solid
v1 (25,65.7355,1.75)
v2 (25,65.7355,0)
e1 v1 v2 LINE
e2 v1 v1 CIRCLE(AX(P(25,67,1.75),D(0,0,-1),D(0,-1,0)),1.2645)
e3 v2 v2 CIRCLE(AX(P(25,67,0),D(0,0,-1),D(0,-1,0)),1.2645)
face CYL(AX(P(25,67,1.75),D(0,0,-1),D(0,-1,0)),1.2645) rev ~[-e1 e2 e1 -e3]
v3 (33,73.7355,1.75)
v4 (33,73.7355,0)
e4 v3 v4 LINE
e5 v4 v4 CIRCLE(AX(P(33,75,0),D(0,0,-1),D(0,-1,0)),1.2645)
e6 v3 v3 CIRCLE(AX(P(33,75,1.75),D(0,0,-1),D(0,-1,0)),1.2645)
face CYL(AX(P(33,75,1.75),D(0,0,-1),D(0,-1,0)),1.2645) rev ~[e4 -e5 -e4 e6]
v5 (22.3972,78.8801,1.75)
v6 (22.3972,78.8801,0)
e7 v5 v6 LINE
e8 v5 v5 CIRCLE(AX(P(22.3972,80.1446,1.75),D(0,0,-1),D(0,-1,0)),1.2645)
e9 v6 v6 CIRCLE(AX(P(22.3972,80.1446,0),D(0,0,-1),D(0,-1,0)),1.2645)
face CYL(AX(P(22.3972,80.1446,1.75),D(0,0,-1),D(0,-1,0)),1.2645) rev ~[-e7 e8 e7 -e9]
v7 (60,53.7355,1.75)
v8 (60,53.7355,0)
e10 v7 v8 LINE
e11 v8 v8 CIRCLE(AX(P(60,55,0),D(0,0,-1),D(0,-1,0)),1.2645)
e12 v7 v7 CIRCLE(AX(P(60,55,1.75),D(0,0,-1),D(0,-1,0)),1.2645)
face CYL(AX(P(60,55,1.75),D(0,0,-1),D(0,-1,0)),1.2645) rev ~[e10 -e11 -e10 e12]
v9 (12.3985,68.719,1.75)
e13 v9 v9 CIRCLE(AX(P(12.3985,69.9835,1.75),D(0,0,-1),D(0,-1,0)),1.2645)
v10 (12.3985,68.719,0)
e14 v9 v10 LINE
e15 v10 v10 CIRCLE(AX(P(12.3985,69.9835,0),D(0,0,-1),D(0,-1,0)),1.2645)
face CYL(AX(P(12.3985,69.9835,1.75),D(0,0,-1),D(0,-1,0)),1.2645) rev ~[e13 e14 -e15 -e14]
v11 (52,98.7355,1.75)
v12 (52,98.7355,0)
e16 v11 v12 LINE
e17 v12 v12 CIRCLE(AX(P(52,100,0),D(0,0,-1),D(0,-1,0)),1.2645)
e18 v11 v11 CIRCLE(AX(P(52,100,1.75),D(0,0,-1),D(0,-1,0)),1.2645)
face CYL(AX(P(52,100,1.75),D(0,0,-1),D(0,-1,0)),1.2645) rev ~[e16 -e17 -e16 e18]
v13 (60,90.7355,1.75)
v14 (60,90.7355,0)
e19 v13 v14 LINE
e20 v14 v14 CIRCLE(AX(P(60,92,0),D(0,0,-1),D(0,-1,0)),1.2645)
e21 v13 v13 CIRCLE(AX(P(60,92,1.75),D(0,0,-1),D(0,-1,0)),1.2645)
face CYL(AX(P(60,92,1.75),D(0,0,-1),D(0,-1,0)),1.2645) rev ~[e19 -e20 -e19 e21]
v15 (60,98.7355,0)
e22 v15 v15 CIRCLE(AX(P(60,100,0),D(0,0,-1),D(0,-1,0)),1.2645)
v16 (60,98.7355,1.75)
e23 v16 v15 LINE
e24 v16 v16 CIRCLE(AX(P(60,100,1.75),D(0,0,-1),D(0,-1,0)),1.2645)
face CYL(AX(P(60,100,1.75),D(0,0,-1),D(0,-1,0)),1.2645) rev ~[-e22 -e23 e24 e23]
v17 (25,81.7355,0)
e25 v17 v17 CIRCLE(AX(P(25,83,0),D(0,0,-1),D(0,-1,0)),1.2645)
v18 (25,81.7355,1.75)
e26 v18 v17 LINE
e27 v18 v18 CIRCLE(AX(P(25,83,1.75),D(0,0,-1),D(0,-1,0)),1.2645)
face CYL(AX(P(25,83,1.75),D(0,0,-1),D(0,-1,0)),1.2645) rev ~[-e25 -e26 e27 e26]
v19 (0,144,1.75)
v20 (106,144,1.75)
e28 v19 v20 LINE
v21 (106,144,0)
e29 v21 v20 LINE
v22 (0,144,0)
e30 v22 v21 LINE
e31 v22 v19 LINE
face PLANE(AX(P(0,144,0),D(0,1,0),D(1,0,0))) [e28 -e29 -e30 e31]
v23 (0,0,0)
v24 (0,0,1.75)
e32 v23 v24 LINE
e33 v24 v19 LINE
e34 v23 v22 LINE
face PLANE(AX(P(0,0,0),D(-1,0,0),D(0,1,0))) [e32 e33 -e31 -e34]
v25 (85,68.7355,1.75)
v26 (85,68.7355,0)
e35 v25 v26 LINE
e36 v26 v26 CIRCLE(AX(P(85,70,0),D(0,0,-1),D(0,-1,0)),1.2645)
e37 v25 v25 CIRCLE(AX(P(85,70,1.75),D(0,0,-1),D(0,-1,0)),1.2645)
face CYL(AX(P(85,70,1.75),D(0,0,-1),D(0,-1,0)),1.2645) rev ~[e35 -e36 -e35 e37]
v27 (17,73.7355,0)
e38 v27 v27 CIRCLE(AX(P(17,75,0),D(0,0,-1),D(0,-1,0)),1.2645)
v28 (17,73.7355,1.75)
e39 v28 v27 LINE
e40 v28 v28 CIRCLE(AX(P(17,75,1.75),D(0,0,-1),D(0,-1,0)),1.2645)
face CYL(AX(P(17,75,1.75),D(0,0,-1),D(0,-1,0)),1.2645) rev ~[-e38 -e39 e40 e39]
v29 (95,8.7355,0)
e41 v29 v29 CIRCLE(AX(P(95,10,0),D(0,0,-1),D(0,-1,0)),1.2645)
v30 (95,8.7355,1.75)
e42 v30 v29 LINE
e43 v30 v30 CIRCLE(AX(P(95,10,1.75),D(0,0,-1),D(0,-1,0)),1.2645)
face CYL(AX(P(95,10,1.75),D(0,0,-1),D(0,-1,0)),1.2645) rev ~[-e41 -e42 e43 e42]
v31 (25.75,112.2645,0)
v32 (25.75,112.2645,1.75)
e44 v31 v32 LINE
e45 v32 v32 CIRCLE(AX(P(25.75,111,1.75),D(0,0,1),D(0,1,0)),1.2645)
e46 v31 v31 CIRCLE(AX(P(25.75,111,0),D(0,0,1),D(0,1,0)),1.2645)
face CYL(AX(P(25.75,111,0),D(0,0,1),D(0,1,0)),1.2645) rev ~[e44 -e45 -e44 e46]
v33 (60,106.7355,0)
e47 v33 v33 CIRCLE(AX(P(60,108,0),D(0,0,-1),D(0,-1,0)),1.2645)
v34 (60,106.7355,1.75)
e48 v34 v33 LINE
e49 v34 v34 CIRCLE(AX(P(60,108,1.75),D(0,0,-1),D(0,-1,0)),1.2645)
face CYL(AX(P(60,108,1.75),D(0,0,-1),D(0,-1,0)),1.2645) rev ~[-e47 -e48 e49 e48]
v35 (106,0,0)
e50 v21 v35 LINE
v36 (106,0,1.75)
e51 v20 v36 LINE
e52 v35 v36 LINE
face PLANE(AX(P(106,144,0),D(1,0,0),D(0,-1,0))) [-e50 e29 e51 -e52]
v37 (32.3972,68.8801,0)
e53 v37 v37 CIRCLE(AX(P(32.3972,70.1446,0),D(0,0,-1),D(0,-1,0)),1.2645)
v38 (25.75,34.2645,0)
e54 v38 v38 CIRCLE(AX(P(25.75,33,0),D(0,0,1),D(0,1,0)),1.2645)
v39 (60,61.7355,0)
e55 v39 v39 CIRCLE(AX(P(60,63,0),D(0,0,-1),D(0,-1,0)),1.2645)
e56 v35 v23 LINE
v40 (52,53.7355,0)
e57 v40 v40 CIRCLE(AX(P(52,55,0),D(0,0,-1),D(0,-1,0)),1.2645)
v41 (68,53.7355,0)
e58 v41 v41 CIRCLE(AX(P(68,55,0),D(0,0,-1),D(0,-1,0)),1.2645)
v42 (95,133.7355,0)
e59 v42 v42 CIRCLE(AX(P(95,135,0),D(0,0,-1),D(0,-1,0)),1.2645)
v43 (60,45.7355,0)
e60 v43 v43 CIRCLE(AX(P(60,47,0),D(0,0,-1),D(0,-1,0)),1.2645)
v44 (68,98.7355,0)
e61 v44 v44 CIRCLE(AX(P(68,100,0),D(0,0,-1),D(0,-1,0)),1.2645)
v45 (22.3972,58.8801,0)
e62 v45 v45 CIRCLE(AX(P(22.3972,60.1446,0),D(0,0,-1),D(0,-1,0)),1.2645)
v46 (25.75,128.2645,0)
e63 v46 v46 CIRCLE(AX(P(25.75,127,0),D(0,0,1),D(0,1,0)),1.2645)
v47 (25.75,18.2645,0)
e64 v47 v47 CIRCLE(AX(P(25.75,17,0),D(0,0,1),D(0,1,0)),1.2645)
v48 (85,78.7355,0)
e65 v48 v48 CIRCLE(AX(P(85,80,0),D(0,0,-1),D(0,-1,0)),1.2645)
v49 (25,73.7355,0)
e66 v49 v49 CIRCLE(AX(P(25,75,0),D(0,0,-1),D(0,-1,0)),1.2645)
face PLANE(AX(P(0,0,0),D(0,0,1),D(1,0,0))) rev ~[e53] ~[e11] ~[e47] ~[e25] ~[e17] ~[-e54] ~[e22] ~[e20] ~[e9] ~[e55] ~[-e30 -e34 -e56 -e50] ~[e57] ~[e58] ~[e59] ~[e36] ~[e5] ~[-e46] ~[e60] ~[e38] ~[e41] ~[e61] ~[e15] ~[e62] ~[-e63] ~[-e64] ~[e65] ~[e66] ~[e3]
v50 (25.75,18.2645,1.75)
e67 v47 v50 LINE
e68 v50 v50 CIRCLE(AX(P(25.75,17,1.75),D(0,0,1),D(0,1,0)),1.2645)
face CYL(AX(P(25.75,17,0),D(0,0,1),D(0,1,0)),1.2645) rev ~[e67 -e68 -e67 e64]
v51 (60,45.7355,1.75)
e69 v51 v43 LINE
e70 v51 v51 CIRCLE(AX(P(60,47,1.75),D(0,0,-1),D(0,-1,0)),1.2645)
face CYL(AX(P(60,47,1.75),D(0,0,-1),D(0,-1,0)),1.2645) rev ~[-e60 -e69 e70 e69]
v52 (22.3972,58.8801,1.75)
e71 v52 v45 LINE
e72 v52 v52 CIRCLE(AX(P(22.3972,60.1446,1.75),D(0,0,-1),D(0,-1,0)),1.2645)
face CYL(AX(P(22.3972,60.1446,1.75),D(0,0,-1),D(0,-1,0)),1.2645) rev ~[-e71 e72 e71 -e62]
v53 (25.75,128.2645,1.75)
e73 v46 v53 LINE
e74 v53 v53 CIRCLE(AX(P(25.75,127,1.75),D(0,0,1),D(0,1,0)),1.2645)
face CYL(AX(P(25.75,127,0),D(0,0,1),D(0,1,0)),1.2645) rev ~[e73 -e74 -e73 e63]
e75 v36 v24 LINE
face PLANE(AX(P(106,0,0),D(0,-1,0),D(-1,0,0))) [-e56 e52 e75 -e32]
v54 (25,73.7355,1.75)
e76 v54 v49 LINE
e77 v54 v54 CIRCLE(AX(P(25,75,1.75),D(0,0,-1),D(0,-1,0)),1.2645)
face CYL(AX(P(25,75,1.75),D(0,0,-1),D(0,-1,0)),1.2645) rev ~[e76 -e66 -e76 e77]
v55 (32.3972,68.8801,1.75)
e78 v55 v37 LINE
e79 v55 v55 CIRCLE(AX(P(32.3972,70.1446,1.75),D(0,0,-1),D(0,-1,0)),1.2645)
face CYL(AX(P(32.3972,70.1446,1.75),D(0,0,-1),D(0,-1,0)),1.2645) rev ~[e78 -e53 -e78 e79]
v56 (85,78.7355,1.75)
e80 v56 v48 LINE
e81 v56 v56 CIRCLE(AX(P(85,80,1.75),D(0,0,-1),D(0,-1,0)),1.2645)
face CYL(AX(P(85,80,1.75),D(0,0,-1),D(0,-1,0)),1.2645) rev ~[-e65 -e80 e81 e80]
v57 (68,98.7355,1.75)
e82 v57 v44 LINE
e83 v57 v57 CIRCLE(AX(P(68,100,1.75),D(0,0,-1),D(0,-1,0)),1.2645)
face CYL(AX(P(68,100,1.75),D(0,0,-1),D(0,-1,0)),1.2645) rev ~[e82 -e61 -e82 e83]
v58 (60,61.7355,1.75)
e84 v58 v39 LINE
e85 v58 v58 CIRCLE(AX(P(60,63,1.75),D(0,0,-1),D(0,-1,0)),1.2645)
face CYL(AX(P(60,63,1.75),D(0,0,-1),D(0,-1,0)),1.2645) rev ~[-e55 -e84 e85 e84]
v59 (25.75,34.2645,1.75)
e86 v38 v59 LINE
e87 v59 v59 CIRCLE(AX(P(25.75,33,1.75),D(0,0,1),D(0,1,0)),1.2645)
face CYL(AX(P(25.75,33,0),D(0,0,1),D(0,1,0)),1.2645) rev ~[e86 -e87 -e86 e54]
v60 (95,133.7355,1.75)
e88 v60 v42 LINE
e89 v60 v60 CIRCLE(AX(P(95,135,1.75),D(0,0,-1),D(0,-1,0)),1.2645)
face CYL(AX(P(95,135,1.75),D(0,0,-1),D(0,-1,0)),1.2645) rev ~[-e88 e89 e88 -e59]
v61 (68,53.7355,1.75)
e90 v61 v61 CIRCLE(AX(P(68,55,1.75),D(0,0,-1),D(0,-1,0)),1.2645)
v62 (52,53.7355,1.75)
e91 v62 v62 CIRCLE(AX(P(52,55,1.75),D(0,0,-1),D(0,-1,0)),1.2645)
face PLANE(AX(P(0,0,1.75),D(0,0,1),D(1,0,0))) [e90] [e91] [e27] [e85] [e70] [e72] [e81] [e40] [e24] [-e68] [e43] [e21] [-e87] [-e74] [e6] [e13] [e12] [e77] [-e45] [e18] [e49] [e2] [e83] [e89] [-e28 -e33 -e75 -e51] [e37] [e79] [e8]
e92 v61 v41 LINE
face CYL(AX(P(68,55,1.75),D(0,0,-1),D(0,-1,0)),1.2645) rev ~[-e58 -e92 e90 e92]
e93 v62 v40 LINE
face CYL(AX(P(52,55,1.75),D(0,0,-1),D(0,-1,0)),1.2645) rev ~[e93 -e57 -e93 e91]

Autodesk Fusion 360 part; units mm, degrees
sketch "草图1" plane through (0, 0, 0) normal (0, 0, 1) x (1, 0, 0)
  line L0 (0, 144) -> (106, 144)
  line L1 (106, 144) -> (106, 0)
  line L2 (106, 0) -> (0, 0)
  line L3 (0, 0) -> (0, 144)
  point P0 (25.75, 144)
  point P1 (25.75, 127)
  point P2 (25.75, 111)
  point P3 (25.75, 17)
  point P4 (25.75, 33)
  dimension "d1" = 144
  dimension "d2" = 106
  dimension "d11" = 25.75
  dimension "d12" = 17
  dimension "d13" = 16
  dimension "d15" = 16
extrude "拉伸1" add sketch "草图1" along normal blind 1.75
sketch "草图3" plane through (0, 0, 1.75) normal (0, 0, 1) x (-1, 0, 0)
  line L0 (0, 0) -> (-106, 0)
  line L1 (-106, 0) -> (-106, -144)
  line L2 (-106, -144) -> (0, -144)
  line L3 (0, -144) -> (0, 0)
hole "孔2" at (25.75, 127, 0) at (25.75, 111, 0) at (25.75, 33, 0) at (25.75, 17, 0) direction (0, 0, 1) diameter 2.529 depth 20 tip angle 118
sketch "草图4" plane through (0, 0, 1.75) normal (0, 0, 1) x (1, 0, 0)
  circle A0 centre (60, 100) radius 8
  circle A1 centre (60, 55) radius 8
  point P0 (60, 108)
  point P1 (52, 100)
  point P2 (60, 92)
  point P3 (68, 100)
  point P4 (60, 63)
  point P5 (52, 55)
  point P6 (68, 55)
  point P7 (60, 47)
  point P8 (85, 80)
  point P9 (85, 70)
  dimension "d21" = 16
  dimension "d22" = 16
hole "孔3" at (60, 108, 1.75) at (68, 100, 1.75) at (52, 100, 1.75) at (60, 92, 1.75) at (60, 100, 1.75) at (85, 80, 1.75) at (85, 70, 1.75) at (60, 55, 1.75) at (52, 55, 1.75) at (60, 63, 1.75) at (68, 55, 1.75) at (60, 47, 1.75) direction (0, 0, -1) diameter 2.529 depth 15 tip angle 118
sketch "草图5" plane through (0, 0, 1.75) normal (0, 0, 1) x (1, 0, 0)
  point P0 (95, 10)
  point P1 (95, 135)
hole "孔4" at (95, 135, 1.75) at (95, 10, 1.75) direction (0, 0, -1) diameter 2.529 depth 15 tip angle 118
sketch "草图6" plane through (0, 0, 1.75) normal (0, 0, 1) x (1, 0, 0)
  circle A0 centre (25, 75) radius 8
  point P0 (25, 67)
  point P1 (33, 75)
  point P2 (17, 75)
  point P3 (17, 75)
  point P4 (25, 83)
  dimension "d33" = 16
hole "孔5" at (25, 67, 1.75) at (17, 75, 1.75) at (25, 75, 1.75) direction (0, 0, -1) diameter 2.529 depth 5 tip angle 118
hole "孔6" at (33, 75, 1.75) at (25, 83, 1.75) direction (0, 0, -1) diameter 2.529 depth 5 tip angle 118
hole "孔1" at (22.3972, 60.1446, 1.75) at (12.3985, 69.9835, 1.75) at (22.3972, 80.1446, 1.75) at (32.3972, 70.1446, 1.75) direction (0, 0, -1) diameter 2.529 depth 7 tip angle 118
